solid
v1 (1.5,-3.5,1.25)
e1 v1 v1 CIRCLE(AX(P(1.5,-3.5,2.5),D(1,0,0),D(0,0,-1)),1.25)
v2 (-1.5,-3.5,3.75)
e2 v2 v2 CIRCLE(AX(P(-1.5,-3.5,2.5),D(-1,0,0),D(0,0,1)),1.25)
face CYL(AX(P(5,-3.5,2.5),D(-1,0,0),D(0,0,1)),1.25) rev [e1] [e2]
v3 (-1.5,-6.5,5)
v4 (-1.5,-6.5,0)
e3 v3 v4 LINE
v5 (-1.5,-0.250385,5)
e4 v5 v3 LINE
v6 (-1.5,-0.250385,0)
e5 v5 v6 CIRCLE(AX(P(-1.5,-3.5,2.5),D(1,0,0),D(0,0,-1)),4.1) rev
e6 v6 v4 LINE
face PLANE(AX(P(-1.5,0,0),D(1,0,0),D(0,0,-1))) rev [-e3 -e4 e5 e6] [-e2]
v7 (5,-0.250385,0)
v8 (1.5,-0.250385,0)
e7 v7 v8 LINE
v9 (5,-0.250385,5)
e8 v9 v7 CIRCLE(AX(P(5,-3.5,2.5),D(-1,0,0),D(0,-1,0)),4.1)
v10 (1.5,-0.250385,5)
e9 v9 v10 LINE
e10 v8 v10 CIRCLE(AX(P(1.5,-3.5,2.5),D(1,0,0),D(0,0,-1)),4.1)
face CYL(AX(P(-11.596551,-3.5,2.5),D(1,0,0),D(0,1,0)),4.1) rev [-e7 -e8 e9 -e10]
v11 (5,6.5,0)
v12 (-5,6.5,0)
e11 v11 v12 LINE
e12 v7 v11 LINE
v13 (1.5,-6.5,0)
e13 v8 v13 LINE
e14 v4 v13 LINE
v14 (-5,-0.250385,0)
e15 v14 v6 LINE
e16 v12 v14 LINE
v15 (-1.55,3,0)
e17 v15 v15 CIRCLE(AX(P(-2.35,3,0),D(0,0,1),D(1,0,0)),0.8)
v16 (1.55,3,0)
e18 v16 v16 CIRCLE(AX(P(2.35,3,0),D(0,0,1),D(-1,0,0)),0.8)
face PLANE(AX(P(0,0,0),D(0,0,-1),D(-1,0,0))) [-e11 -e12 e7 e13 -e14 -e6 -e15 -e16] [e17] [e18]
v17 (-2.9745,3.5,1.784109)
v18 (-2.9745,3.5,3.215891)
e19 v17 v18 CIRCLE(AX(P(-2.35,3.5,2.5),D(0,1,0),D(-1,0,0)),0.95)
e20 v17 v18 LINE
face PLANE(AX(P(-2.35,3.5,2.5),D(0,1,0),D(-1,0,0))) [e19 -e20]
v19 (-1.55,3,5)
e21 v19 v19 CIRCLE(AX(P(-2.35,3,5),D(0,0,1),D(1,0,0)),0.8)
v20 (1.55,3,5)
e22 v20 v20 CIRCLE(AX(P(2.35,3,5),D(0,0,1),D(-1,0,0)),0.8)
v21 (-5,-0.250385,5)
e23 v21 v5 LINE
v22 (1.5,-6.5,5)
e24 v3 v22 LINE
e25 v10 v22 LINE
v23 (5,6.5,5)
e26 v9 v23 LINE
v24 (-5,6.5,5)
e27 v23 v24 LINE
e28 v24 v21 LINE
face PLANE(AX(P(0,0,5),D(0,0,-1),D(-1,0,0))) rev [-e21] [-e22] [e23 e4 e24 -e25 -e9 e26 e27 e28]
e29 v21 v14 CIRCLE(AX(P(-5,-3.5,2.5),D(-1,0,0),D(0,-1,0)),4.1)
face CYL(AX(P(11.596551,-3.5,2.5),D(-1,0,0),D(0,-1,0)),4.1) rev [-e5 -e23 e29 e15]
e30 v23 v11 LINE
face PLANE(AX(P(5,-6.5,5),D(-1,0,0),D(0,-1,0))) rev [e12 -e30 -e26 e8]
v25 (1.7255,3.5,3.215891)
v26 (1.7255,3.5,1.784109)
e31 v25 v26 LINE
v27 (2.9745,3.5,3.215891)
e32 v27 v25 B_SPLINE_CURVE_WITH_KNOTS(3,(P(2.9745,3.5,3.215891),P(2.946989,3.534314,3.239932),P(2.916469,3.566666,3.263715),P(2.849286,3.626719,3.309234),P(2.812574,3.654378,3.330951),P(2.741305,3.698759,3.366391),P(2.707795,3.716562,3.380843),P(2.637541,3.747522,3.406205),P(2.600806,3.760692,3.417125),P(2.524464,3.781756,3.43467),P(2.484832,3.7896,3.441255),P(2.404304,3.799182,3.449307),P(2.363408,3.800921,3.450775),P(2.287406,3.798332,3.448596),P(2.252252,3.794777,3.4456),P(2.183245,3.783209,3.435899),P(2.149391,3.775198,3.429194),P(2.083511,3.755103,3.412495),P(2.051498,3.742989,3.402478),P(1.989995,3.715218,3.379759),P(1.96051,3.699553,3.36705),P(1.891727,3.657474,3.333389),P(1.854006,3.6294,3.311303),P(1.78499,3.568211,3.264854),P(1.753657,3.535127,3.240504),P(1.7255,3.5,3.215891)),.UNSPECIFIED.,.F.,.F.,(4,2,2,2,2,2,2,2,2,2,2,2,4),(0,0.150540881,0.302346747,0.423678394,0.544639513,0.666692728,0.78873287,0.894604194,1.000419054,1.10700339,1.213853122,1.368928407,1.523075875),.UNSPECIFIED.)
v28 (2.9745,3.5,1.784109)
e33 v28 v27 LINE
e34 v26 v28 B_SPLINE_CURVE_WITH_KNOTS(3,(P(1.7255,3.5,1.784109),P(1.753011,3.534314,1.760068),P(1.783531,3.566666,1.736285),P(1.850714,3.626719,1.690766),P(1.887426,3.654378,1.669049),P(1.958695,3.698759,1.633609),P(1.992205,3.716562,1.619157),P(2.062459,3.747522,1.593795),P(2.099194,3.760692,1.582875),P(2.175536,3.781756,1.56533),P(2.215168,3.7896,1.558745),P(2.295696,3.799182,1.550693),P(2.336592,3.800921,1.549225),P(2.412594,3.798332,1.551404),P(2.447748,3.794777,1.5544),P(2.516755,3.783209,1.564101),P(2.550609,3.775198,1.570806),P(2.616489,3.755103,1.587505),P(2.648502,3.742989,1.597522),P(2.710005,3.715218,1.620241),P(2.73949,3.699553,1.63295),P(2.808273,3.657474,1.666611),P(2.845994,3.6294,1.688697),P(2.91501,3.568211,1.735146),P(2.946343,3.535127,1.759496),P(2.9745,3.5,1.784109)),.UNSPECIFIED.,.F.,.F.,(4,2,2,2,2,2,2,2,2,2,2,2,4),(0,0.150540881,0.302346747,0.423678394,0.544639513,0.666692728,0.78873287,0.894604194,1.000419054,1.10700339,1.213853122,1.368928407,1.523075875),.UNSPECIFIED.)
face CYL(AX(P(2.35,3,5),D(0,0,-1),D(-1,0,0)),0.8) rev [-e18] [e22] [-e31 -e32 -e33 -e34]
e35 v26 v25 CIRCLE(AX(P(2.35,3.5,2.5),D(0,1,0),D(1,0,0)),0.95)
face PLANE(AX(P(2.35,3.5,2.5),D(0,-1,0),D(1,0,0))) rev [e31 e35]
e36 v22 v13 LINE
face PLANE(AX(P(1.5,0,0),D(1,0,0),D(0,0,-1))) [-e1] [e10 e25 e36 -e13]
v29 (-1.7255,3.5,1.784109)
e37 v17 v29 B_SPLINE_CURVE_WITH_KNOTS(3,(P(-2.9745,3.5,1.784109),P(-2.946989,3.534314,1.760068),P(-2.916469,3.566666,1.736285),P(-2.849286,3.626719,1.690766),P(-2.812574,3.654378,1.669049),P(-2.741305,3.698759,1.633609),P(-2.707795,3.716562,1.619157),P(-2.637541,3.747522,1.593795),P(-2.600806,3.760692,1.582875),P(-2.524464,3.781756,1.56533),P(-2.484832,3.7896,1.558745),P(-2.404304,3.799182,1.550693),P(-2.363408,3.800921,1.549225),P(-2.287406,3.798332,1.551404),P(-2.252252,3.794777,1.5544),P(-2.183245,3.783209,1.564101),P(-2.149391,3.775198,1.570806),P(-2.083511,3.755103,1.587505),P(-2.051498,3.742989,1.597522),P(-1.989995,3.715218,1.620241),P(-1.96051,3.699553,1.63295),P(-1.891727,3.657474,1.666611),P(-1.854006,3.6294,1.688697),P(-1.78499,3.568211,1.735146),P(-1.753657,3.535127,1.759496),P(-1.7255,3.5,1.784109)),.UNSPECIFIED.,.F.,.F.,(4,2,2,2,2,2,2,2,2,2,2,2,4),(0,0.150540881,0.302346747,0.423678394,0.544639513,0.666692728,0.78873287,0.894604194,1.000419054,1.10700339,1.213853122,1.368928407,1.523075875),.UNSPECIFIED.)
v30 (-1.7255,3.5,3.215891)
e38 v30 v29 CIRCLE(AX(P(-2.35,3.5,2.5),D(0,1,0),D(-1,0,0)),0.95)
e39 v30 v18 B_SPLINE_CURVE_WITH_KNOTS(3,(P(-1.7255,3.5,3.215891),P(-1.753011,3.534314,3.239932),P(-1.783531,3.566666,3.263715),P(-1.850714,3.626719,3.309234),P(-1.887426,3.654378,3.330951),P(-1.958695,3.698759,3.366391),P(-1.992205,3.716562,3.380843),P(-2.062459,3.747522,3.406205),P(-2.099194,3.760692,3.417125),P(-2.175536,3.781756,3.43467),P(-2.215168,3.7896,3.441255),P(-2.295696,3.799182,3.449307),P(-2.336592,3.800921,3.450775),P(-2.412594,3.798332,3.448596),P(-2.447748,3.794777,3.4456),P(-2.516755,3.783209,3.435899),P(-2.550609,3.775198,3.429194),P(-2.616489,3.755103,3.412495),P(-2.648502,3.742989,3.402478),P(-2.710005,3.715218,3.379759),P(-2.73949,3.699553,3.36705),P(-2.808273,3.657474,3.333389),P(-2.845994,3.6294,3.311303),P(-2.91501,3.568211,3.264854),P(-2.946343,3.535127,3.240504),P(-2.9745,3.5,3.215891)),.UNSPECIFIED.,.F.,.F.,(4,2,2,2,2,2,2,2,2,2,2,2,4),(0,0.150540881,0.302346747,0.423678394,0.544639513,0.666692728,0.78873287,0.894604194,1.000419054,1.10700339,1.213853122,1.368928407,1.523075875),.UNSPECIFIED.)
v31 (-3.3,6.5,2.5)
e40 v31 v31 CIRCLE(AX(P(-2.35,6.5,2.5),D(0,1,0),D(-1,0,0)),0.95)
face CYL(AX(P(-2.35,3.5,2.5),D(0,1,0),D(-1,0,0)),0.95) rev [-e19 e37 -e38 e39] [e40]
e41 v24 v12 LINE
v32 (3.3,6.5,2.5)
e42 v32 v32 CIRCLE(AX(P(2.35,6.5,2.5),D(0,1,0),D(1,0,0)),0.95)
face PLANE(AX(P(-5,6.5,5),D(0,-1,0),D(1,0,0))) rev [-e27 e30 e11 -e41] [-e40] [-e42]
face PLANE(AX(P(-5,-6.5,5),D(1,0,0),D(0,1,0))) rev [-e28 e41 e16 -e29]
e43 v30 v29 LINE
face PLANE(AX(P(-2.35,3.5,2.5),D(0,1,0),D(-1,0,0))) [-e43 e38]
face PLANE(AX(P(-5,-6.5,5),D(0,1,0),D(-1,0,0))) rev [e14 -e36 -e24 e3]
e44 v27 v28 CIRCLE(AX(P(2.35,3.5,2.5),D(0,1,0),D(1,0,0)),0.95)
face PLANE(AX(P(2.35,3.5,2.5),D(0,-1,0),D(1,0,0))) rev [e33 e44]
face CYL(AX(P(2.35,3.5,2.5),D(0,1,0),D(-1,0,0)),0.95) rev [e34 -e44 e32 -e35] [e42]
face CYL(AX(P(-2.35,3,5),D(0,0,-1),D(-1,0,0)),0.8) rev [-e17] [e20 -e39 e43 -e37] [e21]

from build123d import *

# Parameters (mm, degrees)
SKETCH1_W           = 10
SKETCH1_H           = 13
SKETCH1_R           = 0.8
BOSS_EXTRUDE1_DEPTH = 5
CUT_EXTRUDE2_DEPTH  = 3.5
SKETCH4_R           = 1.25
CUT_EXTRUDE3_DEPTH  = 7.5
SKETCH5_R           = 0.95
CUT_EXTRUDE4_DEPTH  = 3


with BuildPart() as part:
    # Sketch1 → Boss-Extrude1 (new body)
    with BuildSketch(Plane.XY):
        Rectangle(SKETCH1_W, SKETCH1_H)
        with Locations((-2.35, 3)):
            Circle(SKETCH1_R, mode=Mode.SUBTRACT)
        with Locations((2.35, 3)):
            Circle(SKETCH1_R, mode=Mode.SUBTRACT)
    extrude(amount=BOSS_EXTRUDE1_DEPTH)

    # Sketch3 → Cut-Extrude2 (cut)
    with BuildSketch(Plane.ZY.offset(5)):
        with BuildLine():
            Line((-1.6, -3.5), (-1.6, -7.6))
            Line((-1.6, -7.6), (6.6, -7.6))
            Line((6.6, -7.6), (6.6, -3.5))
            ThreePointArc((6.6, -3.5), (2.5, 0.6), (-1.6, -3.5))
        make_face()
    cut_extrude2 = extrude(amount=-CUT_EXTRUDE2_DEPTH, mode=Mode.SUBTRACT)

    # Mirror1: Cut-Extrude2 across plane
    add(cut_extrude2.mirror(Plane(origin=(0, 0, 0), x_dir=(0, 0, 1), z_dir=(1, 0, 0))), mode=Mode.SUBTRACT)

    # Sketch4 → Cut-Extrude3 (cut, through all)
    with BuildSketch(Plane.ZY.offset(1.5)):
        with Locations((2.5, -3.5)):
            Circle(SKETCH4_R)
    extrude(amount=-CUT_EXTRUDE3_DEPTH, mode=Mode.SUBTRACT)

    # Sketch5 → Cut-Extrude4 (cut)
    with BuildSketch(Plane(origin=(0, 6.5, 0), x_dir=(1, 0, 0), z_dir=(0, 1, 0))):
        with Locations((-2.35, -2.5)):
            Circle(SKETCH5_R)
        with Locations((2.35, -2.5)):
            Circle(SKETCH5_R)
    extrude(amount=-CUT_EXTRUDE4_DEPTH, mode=Mode.SUBTRACT)


solid = part.part
